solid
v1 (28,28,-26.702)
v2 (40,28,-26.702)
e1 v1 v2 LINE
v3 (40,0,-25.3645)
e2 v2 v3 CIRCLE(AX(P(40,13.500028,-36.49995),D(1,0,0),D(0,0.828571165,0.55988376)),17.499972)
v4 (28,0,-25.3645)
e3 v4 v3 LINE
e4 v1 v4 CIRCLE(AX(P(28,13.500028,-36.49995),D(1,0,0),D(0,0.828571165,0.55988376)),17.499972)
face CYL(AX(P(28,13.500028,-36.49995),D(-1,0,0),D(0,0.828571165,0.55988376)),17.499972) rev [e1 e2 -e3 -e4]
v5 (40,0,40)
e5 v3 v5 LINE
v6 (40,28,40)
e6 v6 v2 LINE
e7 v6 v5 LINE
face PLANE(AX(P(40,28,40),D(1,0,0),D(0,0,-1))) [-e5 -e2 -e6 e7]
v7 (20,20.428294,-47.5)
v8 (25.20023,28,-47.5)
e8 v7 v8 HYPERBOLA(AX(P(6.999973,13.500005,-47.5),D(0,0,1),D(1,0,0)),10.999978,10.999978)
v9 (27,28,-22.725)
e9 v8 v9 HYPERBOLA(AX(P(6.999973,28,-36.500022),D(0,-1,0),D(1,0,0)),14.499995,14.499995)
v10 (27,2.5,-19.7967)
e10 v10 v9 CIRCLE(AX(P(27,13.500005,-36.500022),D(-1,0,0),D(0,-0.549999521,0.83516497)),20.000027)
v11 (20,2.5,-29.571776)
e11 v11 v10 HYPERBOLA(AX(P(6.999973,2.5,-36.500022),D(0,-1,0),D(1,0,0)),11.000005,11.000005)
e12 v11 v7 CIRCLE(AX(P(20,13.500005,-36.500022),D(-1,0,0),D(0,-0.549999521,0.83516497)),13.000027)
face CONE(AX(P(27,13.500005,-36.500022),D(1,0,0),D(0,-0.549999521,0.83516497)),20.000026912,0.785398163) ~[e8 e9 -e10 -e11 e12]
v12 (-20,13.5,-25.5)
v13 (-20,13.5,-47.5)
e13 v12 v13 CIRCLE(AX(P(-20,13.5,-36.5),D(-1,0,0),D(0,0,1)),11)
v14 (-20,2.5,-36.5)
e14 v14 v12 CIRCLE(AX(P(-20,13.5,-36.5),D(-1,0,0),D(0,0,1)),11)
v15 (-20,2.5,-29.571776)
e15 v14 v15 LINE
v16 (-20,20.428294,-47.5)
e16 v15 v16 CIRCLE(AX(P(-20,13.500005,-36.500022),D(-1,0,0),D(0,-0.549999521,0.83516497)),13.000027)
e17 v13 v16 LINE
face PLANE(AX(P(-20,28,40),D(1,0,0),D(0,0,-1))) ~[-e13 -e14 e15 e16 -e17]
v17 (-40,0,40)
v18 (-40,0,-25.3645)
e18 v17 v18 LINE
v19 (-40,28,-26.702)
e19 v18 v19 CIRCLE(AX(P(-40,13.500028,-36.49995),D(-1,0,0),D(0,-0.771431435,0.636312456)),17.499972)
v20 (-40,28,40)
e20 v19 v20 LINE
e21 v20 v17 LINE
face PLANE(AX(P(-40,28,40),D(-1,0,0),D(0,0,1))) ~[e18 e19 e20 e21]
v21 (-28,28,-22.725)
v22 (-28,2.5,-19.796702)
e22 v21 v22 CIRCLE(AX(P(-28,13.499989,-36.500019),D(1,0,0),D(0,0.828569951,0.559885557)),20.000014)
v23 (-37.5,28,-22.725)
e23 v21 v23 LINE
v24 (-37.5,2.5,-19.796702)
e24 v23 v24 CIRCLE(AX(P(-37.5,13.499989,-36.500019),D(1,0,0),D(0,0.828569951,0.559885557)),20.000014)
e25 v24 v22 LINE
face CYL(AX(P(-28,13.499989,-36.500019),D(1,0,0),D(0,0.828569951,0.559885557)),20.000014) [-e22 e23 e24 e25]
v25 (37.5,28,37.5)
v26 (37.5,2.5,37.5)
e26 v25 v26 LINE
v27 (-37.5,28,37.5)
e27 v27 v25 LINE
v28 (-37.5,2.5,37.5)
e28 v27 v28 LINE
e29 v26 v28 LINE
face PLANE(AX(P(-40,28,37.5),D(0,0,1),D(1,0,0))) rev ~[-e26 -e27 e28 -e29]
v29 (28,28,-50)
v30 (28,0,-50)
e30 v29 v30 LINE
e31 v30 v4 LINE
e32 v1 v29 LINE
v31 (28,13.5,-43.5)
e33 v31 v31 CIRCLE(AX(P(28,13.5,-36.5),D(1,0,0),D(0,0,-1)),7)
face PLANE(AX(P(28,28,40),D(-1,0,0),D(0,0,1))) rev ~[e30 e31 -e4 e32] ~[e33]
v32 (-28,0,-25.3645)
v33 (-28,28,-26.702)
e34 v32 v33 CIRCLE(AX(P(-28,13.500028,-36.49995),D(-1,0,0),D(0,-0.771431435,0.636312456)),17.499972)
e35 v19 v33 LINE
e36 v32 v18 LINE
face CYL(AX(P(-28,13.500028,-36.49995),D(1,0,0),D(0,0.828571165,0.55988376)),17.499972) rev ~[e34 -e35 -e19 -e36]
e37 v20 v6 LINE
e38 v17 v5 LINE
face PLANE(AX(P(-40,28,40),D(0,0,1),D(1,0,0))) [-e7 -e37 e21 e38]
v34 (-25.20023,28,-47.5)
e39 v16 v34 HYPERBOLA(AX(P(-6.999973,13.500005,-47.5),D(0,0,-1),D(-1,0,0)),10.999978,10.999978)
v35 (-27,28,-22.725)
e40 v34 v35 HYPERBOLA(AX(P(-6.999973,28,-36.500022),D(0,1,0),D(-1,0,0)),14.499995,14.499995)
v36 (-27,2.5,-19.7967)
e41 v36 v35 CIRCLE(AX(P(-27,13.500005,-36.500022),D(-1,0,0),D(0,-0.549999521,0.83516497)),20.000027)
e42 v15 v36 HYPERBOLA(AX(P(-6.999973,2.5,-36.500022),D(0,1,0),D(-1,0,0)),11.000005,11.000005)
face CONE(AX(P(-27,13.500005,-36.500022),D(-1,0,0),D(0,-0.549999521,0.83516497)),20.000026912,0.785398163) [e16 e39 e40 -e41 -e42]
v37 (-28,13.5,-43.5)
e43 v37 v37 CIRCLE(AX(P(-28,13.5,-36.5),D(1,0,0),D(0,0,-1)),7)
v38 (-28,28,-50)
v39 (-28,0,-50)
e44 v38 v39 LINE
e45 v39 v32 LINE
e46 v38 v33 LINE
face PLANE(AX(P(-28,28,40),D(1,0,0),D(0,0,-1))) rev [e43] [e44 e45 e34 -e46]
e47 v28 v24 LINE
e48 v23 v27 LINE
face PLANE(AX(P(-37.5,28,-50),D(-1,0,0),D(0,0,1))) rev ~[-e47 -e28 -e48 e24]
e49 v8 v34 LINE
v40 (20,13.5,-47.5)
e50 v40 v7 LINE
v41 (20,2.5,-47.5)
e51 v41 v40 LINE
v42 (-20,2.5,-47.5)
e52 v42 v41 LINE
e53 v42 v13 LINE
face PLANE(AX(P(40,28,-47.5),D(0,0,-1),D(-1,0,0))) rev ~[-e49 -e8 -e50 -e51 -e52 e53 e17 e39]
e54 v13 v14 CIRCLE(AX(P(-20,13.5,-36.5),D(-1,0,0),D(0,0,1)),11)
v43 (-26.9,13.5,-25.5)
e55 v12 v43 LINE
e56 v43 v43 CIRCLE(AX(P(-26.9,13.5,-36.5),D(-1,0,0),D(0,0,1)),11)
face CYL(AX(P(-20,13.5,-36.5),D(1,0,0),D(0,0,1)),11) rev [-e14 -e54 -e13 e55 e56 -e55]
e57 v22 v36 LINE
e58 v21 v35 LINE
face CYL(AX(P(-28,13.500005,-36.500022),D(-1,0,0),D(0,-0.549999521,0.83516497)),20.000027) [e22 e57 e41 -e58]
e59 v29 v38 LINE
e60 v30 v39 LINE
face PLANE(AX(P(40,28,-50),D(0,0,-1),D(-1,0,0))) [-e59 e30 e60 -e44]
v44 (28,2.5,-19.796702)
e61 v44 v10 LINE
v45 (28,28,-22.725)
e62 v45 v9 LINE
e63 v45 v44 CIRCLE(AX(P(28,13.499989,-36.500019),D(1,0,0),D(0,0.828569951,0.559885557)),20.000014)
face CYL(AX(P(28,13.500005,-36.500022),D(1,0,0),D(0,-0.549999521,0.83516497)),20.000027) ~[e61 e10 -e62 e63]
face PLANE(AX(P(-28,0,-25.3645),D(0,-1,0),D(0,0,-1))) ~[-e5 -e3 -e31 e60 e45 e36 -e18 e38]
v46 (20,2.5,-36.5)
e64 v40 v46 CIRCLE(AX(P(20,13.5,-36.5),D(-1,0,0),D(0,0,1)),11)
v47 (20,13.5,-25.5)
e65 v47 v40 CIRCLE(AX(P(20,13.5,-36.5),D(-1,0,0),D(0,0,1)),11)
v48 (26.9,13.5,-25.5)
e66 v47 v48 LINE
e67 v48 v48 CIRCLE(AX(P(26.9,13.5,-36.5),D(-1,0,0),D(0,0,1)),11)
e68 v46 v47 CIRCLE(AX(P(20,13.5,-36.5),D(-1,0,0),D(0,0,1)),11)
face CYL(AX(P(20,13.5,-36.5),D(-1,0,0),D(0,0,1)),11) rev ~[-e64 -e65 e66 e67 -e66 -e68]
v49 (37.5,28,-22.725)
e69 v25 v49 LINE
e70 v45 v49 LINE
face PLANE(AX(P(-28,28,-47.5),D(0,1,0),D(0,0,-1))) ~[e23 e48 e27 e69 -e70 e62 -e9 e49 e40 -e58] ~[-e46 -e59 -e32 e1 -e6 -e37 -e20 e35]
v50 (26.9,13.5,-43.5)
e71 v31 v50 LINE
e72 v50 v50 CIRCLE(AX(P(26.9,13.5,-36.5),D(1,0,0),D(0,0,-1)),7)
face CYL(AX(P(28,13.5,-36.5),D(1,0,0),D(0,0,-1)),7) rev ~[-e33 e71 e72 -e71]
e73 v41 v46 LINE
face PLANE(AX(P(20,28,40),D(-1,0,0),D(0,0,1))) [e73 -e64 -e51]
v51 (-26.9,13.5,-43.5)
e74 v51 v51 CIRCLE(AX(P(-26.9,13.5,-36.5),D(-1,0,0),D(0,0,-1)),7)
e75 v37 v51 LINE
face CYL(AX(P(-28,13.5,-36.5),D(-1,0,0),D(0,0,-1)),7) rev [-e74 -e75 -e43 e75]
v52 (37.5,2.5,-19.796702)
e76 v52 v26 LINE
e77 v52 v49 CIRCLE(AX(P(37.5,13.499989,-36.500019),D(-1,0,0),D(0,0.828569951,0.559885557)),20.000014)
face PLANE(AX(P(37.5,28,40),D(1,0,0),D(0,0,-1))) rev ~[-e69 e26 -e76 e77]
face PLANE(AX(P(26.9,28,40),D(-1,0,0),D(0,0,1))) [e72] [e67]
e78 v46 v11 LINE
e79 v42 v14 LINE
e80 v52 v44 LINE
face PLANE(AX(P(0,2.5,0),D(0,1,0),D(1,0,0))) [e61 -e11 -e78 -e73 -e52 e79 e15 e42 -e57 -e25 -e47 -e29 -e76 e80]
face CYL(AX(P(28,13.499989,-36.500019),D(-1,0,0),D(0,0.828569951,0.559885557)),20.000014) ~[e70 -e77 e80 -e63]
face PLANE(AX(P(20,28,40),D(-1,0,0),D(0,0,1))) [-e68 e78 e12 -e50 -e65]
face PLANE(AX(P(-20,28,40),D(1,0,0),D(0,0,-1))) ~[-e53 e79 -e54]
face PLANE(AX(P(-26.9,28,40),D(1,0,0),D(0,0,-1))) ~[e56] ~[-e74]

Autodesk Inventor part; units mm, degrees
ref_plane "YZ Plane" through (0, 0, 0) normal (1, 0, 0) x (0, 1, 0)
ref_plane "XZ Plane" through (0, 0, 0) normal (0, 1, 0) x (-1, 0, 0)
sketch "Esboço1" plane through (0, 0, 0) normal (0, 1, 0) x (-1, 0, 0)
  line L0 (-50, 50) -> (50, 50)
  line L1 (50, 50) -> (50, -50)
  line L2 (50, -50) -> (-50, -50)
  line L3 (-50, -50) -> (-50, 50)
  line L4 (-50, 50) -> (50, -50) construction
  line L5 (50, 50) -> (-50, -50) construction
  point P0 (0, 0)
  dimension "d0" = 100
  dimension "d1" = 100
extrude "Extrusão1" add sketch "Esboço1" along normal blind 28
sketch "Esboço3" plane through (0, 28, 0) normal (0, 1, 0) x (1, 0, 0)
  line L0 (50, 50) -> (-50, 50) projected
  line L1 (-40, 50) -> (40, 50)
  line L2 (-40, 50) -> (-40, -40)
  line L3 (-40, -40) -> (40, -40)
  line L4 (40, -40) -> (40, 50)
  point P0 (0, 0)
  point P1 (0, 50)
  dimension "d5" = 80
  dimension "d6" = 90
extrude "Extrusão2" cut sketch "Esboço3" against normal blind 28 keep common part
shell "Casca2" thickness 2.5 removed faces 1 at (-13.3333, 28, 10)
ref_plane "Plano de trabalho1" through (0, 28, 40) normal (1, 0, 0) x (0, 0, -1)
sketch "Esboço4" plane through (40, 28, 40) normal (1, 0, 0) x (0, 0, -1)
  circle A0 centre (76.5, -14.5) radius 17.5
  line L0 (90, -28) -> (90, 0) projected
  line L1 (0, -28) -> (90, -28) projected
  circle A1 centre (76.5, -14.5) radius 16.1
  circle A2 centre (76.5, -14.5) radius 11
  line L2 (87.5, -25.5) -> (87.5, 0) projected
  line L3 (2.5, -25.5) -> (87.5, -25.5) projected
  line L4 (90, 0) -> (66.702, 0)
  line L5 (90, 0) -> (90, -28) projected
  line L6 (90, -28) -> (87.6355, -28)
  point P0 (40, -28)
  point P1 (90, -25.6355)
  point P2 (90, -3.3645)
  point P3 (86.298, 0)
  dimension "d11" = 35
  dimension "d14" = 32.2
  dimension "d15" = 22
extrude "Extrusão3" cut sketch "Esboço4" against normal blind 12
sketch "Esboço5" plane through (28, 28, 40) normal (1, 0, 0) x (0, 0, -1)
  arc A0 (66.702, 0) -> (65.3645, -28) centre (76.5, -14.5) ccw projected
  arc A1 (65.3023, 2.0714) -> (63.7737, -29.9286) centre (76.5, -14.5) ccw
  line L0 (65.3645, -28) -> (61.7436, -28)
  line L1 (90, -28) -> (0, -28) projected
  line L2 (66.702, 0) -> (62.725, 0)
  point P0 (40, -28)
  dimension "d18" = 2.5
extrude "Extrusão4" add sketch "Esboço5" along normal up to surface (12 mm away)
sketch "Esboço6" plane through (28, 28, 40) normal (-1, 0, 0) x (0, 0, 1)
  arc A0 (-59.7967, -25.5) -> (-62.725, 0) centre (-76.5, -14.5) ccw projected
  line L0 (-66.702, 0) -> (-62.725, 0) projected
  line L1 (-87.5, -25.5) -> (-87.5, 0) projected
  line L2 (-87.5, -25.5) -> (-59.7967, -25.5)
  line L3 (-87.5, 0) -> (-66.702, 0)
  point P0 (-40, -28)
extrude "Extrusão5" add sketch "Esboço6" along normal blind 8
sketch "Esboço7" plane through (20, 28, 40) normal (-1, 0, 0) x (0, 0, 1)
  arc A0 (-59.7967, -25.5) -> (-62.725, 0) centre (-76.5, -14.5) ccw projected
  circle A1 centre (-76.5, -14.5) radius 11
  point P0 (-40, -28)
  dimension "d23" = 22
extrude "Extrusão6" cut sketch "Esboço7" against normal blind 6.9
chamfer "Chanfro1" distance 7 angle 45 1 edges at (20, 15.7817, -16.6306)
sketch "Esboço8" plane through (28, 28, 40) normal (1, 0, 0) x (0, 0, -1)
  arc A0 (66.702, 0) -> (65.3645, -28) centre (76.5, -14.5) ccw projected
  circle A1 centre (76.5, -14.5) radius 7
  point P0 (40, -28)
  dimension "d29" = 14
extrude "Extrusão7" cut sketch "Esboço8" against normal blind 8
mirror "Espelhar1" about plane through (0, 28, 40) normal (1, 0, 0) of "Extrusão3", "Extrusão4", "Extrusão5", "Extrusão6", "Chanfro1", "Extrusão7"
properties part number "Base"
